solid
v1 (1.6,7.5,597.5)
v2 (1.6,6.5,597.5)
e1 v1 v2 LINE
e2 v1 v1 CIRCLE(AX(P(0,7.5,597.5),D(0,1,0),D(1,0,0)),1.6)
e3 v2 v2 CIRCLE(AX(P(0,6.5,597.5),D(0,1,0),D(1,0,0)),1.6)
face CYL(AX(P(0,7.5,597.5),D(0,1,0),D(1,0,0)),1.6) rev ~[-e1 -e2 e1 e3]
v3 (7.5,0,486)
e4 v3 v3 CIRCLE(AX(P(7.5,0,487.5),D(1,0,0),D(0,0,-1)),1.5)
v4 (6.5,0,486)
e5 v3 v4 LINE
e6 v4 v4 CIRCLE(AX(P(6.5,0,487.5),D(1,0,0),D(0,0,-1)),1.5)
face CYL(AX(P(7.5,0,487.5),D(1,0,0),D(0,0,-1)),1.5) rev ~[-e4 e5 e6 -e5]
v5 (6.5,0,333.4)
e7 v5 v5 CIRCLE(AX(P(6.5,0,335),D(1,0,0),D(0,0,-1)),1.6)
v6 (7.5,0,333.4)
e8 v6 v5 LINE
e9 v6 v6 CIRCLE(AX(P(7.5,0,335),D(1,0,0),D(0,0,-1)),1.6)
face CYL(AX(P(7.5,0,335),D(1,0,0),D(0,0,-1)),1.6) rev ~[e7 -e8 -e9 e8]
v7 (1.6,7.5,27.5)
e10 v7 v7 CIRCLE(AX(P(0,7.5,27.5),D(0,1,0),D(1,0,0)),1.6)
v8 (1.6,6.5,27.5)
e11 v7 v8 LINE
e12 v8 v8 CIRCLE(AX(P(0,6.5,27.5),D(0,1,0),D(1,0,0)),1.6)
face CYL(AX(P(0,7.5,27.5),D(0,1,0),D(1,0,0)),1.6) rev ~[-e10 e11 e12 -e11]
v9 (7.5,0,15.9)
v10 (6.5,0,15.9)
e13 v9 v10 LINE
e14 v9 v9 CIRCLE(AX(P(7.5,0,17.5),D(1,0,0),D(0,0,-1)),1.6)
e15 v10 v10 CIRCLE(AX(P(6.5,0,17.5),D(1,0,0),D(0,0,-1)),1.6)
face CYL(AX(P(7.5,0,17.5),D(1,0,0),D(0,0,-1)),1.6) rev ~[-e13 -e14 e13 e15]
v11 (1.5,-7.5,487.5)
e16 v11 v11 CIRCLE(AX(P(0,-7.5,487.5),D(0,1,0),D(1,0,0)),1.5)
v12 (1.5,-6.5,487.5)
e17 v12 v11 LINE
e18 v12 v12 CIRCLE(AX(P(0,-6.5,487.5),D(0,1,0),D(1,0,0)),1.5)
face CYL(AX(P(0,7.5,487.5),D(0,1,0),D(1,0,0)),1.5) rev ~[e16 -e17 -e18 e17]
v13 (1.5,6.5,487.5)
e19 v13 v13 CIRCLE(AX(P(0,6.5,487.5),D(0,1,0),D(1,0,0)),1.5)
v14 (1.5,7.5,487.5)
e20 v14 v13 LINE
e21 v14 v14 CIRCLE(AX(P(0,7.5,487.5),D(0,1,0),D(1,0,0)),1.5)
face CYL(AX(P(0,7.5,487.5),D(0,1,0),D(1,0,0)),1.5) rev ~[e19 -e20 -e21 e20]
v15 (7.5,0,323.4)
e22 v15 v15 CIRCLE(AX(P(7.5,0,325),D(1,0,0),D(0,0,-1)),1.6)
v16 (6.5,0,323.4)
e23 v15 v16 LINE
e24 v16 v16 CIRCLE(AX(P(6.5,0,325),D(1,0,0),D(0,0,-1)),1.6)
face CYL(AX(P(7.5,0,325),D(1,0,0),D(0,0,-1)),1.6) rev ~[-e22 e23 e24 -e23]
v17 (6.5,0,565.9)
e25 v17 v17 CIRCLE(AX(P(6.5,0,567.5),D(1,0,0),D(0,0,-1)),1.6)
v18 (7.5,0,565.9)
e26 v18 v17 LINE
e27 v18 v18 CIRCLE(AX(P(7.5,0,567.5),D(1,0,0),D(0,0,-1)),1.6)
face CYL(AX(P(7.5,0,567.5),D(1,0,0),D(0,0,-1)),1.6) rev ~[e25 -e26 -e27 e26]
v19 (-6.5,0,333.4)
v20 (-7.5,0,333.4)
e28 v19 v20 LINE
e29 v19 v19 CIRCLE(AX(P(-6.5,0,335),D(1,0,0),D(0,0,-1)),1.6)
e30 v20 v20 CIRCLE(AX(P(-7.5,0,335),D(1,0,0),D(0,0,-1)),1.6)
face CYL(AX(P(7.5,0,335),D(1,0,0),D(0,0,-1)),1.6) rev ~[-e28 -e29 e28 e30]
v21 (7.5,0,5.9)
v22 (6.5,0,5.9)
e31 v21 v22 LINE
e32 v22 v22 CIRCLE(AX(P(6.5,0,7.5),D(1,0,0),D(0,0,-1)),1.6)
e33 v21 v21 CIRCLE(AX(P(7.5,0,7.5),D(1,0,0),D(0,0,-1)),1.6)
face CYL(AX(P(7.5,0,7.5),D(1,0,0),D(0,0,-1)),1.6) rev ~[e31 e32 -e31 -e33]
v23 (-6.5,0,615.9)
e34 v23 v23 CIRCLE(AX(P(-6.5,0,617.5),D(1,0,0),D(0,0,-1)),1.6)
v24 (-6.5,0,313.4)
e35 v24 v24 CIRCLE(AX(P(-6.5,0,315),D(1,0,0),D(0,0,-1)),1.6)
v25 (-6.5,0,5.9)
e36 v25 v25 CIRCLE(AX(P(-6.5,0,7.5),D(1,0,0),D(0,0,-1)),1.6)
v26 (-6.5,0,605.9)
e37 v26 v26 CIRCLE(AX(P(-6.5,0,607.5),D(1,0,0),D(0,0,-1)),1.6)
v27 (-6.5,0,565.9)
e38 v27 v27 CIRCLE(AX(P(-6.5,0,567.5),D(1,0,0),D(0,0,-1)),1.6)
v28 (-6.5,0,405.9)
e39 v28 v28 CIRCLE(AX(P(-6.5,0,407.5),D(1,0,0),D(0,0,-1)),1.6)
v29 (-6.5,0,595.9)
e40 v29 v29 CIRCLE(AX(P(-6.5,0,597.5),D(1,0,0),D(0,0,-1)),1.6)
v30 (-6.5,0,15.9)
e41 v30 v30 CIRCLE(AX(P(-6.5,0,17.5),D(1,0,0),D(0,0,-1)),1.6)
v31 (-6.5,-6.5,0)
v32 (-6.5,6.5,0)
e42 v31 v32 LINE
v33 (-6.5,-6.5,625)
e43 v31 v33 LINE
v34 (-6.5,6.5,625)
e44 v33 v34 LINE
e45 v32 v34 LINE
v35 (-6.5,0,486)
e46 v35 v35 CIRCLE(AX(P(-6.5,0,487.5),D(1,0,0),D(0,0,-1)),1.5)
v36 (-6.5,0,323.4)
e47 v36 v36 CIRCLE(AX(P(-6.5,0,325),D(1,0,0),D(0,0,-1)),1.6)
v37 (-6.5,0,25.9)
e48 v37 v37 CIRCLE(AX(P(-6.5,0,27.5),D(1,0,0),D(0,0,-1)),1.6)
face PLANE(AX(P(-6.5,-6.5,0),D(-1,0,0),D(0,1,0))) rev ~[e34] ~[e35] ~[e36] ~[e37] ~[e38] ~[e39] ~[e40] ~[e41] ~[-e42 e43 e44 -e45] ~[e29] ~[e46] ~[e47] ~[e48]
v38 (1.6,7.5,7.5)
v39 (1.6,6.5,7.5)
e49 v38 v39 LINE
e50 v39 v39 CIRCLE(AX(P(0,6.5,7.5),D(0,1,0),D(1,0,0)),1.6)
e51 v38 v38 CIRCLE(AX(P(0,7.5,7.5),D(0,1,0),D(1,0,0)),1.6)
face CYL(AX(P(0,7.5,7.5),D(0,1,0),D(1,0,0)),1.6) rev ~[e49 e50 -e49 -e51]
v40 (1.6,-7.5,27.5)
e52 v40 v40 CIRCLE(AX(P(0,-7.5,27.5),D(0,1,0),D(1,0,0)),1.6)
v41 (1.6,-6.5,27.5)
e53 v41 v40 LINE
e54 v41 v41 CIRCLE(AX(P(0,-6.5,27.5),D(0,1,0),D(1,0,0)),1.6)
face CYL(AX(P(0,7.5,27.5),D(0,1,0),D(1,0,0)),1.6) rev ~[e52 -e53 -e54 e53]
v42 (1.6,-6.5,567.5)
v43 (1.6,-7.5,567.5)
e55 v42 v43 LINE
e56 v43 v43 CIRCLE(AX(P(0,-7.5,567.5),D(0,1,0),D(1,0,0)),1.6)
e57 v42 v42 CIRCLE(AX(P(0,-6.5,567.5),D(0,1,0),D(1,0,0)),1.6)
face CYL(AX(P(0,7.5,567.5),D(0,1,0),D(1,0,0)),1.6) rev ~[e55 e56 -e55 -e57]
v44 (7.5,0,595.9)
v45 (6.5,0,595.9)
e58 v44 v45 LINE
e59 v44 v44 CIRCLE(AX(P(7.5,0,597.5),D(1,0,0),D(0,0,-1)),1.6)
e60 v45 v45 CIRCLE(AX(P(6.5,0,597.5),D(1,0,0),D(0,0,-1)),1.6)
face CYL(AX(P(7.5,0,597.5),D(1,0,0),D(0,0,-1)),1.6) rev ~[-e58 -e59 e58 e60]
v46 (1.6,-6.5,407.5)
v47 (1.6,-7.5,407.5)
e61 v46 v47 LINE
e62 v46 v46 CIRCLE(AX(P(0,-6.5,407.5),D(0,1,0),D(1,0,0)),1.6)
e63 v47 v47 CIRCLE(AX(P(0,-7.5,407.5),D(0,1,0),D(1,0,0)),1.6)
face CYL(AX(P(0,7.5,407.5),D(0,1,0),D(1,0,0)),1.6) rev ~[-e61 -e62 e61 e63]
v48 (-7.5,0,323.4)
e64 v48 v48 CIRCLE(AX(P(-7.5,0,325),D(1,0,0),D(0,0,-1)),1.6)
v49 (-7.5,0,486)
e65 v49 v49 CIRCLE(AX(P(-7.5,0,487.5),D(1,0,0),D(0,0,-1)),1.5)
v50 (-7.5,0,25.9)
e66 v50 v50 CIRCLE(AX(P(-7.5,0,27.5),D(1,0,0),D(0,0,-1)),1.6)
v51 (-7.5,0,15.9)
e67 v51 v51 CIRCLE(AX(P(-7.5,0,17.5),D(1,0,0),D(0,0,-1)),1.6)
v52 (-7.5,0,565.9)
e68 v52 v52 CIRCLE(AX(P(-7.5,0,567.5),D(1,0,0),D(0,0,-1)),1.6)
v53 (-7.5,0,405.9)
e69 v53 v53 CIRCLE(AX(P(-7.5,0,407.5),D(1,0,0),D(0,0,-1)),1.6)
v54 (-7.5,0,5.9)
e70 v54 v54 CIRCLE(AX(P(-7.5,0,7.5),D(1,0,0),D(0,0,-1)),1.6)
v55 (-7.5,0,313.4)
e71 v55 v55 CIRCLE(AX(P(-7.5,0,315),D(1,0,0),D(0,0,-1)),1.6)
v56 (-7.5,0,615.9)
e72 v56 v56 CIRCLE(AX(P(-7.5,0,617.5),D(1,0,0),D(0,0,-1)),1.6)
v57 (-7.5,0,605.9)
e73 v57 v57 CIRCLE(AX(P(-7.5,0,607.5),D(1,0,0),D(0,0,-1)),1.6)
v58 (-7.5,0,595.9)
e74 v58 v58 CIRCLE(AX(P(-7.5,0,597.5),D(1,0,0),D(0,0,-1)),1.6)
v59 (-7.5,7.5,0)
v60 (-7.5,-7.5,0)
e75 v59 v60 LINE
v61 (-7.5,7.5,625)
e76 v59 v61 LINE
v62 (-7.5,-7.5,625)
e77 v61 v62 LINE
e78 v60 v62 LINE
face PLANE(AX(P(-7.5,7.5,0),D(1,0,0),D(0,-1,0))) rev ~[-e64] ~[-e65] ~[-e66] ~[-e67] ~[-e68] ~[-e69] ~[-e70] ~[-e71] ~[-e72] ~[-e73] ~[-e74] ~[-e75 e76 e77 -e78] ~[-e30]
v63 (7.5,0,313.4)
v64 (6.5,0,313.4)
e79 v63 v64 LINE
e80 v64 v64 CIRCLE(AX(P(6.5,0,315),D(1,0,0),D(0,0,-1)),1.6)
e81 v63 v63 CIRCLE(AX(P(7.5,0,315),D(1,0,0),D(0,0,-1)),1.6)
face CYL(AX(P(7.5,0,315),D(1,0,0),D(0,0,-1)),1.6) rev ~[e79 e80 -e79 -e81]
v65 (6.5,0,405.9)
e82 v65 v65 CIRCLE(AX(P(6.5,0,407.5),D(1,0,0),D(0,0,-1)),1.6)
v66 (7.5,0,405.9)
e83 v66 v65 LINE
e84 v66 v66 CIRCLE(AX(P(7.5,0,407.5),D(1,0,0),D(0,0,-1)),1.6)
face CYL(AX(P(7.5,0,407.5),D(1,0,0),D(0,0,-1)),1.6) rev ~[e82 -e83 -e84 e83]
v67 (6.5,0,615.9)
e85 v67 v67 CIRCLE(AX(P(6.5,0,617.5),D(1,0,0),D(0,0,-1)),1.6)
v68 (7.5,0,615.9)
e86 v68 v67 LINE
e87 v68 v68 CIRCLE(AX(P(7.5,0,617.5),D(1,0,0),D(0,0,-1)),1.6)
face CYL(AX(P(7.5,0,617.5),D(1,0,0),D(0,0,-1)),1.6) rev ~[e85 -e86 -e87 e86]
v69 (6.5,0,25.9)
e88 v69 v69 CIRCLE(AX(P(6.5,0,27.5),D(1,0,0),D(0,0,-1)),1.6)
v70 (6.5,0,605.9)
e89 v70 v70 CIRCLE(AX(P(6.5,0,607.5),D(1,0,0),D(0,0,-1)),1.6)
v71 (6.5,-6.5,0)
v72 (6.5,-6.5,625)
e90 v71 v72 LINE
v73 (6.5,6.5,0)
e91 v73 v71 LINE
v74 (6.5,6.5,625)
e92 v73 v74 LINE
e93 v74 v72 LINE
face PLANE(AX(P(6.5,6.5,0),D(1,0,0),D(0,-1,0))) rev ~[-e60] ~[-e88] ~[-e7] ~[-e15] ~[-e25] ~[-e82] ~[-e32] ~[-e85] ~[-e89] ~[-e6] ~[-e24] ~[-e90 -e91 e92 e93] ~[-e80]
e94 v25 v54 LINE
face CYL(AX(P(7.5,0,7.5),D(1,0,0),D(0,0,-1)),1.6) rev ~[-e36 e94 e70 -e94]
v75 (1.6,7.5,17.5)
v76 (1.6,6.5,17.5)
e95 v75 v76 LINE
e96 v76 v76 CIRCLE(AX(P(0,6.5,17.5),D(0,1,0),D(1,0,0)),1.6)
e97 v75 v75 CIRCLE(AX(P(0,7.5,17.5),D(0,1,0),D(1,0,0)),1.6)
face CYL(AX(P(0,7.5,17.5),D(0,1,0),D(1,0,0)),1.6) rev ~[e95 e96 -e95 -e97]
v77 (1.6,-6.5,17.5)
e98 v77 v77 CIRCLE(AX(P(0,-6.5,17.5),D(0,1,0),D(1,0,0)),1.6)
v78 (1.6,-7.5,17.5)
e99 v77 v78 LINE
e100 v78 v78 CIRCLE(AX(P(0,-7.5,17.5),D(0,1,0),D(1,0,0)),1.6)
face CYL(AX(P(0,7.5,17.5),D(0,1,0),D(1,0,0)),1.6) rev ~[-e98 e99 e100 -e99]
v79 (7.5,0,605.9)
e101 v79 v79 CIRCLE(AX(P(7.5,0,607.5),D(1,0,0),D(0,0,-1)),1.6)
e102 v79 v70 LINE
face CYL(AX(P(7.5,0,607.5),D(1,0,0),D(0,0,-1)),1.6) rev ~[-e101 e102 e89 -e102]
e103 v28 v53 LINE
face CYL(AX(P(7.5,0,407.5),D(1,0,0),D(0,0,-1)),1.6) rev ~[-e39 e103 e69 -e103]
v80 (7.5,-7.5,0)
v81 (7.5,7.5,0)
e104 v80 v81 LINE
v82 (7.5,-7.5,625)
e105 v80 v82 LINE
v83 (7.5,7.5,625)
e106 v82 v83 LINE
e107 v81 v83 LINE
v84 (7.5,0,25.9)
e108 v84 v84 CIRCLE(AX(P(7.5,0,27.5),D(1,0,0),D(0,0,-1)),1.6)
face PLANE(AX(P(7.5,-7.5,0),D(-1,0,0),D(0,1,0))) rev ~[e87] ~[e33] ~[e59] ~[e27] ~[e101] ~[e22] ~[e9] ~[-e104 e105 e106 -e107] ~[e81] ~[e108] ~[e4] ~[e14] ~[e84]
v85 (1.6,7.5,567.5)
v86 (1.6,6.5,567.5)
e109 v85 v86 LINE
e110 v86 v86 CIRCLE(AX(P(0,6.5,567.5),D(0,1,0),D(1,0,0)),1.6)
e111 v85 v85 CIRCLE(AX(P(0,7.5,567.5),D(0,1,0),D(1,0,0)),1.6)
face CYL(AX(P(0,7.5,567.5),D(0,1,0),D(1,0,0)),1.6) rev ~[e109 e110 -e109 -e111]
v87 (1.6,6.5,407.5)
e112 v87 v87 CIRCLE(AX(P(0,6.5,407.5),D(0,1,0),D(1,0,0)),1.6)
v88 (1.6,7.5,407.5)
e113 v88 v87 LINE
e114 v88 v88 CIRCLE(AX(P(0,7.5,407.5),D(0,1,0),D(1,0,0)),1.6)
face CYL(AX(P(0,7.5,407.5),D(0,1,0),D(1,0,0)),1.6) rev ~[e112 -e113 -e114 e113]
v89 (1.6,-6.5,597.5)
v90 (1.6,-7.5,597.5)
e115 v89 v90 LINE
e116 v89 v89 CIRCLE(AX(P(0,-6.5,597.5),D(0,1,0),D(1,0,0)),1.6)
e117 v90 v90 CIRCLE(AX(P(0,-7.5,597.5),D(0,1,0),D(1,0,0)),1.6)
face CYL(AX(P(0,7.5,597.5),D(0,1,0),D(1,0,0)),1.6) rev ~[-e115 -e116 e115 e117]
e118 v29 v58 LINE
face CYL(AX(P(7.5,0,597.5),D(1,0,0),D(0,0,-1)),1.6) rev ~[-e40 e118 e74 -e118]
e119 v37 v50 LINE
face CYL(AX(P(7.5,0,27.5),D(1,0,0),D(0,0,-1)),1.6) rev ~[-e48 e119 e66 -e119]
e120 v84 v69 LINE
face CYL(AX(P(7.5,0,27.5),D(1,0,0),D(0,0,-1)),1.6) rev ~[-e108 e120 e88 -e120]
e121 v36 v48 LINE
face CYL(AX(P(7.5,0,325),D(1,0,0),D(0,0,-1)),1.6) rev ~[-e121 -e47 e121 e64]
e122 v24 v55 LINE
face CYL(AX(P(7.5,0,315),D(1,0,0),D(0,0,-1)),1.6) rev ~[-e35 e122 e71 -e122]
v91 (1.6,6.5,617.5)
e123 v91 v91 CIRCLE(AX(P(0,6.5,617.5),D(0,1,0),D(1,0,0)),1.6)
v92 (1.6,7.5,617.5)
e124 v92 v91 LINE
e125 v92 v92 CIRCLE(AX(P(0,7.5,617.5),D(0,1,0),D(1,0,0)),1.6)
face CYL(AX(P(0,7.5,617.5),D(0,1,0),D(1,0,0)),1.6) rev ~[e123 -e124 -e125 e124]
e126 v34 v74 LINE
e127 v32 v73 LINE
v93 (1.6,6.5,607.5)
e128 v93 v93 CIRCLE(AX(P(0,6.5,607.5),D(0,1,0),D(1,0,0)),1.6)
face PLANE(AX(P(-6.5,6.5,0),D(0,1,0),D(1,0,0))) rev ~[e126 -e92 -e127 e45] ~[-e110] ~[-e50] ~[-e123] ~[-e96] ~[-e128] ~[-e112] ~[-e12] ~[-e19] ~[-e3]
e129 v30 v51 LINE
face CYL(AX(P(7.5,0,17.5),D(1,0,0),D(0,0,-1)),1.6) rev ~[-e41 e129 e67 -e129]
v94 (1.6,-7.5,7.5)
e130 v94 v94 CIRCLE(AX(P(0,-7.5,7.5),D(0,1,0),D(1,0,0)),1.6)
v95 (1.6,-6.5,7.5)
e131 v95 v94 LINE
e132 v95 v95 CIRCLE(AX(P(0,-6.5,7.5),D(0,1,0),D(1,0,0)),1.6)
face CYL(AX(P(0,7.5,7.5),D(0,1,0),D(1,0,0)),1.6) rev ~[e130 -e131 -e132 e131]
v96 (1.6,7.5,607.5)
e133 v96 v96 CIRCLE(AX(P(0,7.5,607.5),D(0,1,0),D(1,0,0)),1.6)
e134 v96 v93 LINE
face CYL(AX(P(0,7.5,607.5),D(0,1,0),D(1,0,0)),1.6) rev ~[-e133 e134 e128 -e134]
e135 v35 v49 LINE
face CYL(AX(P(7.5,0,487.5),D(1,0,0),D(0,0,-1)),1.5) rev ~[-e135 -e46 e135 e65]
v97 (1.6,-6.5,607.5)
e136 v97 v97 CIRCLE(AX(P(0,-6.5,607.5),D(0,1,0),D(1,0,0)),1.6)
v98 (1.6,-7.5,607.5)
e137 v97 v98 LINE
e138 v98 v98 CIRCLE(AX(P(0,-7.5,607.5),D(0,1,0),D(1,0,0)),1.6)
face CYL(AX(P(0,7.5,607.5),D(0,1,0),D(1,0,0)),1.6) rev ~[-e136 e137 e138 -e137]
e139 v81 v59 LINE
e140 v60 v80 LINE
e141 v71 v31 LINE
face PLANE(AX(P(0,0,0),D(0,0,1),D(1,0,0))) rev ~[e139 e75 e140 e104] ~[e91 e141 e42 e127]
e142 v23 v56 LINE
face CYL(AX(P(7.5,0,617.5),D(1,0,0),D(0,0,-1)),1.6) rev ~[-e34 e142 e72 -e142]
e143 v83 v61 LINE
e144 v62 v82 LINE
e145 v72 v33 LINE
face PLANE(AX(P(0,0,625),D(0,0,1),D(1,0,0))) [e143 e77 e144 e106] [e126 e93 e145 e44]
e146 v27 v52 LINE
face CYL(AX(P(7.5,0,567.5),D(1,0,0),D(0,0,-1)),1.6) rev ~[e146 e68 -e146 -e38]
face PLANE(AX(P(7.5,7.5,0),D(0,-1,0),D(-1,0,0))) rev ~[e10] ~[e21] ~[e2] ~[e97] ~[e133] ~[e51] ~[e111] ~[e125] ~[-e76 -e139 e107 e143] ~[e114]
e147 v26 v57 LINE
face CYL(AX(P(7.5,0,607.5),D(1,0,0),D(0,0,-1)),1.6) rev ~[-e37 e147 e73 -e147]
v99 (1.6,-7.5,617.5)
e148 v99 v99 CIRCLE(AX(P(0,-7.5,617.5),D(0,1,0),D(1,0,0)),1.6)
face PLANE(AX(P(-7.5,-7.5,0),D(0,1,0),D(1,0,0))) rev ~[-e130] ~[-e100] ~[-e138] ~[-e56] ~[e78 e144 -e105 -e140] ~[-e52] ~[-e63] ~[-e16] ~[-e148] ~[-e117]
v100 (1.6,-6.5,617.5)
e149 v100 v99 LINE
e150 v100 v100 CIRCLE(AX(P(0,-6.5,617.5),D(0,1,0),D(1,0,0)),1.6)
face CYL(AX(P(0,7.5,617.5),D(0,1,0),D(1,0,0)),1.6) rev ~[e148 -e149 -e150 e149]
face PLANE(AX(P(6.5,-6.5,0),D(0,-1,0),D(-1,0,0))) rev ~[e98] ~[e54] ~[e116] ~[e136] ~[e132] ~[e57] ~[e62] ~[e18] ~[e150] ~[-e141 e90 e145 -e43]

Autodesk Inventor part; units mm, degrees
ref_plane "YZ Plane" through (0, 0, 0) normal (1, 0, 0) x (0, 1, 0)
ref_plane "XZ Plane" through (0, 0, 0) normal (0, 1, 0) x (-1, 0, 0)
ref_plane "XY Plane" through (0, 0, 0) normal (0, 0, 1) x (1, 0, 0)
sketch "スケッチ1" plane through (0, 0, 0) normal (0, 0, 1) x (1, 0, 0)
  line L0 (7.5, 7.5) -> (-7.5, 7.5)
  line L1 (-7.5, 7.5) -> (-7.5, -7.5)
  line L2 (-7.5, -7.5) -> (7.5, -7.5)
  line L3 (7.5, -7.5) -> (7.5, 7.5)
  line L4 (7.5, 7.5) -> (-7.5, -7.5) construction
  line L5 (-7.5, 7.5) -> (7.5, -7.5) construction
  line L6 (-6.5, 6.5) -> (6.5, 6.5)
  line L7 (6.5, 6.5) -> (6.5, -6.5)
  line L8 (6.5, -6.5) -> (-6.5, -6.5)
  line L9 (-6.5, -6.5) -> (-6.5, 6.5)
  point P0 (0, 0)
  dimension "d0" = 15
  dimension "d1" = 15
  dimension "d2" = 1
extrude "押し出し1" add sketch "スケッチ1" along normal blind 625
sketch "スケッチ2" plane through (7.5, -7.5, 0) normal (1, 0, 0) x (0, 0, -1)
  circle A0 centre (-7.5, 7.5) radius 1.6
  circle A1 centre (-17.5, 7.5) radius 1.6
  circle A2 centre (-27.5, 7.5) radius 1.6
  line L0 (0, 0) -> (0, 15) projected
  circle A3 centre (-597.5, 7.5) radius 1.6
  circle A4 centre (-607.5, 7.5) radius 1.6
  circle A5 centre (-617.5, 7.5) radius 1.6
  line L1 (-625, 0) -> (-625, 15) projected
  circle A6 centre (-315, 7.5) radius 1.6
  circle A7 centre (-325, 7.5) radius 1.6
  circle A8 centre (-335, 7.5) radius 1.6
  circle A9 centre (-567.5, 7.5) radius 1.6
  circle A10 centre (-487.5, 7.5) radius 1.5
  circle A11 centre (-407.5, 7.5) radius 1.6
  point P0 (0, 7.5)
  point P1 (0, 7.5)
  point P2 (-625, 7.5)
  dimension "d5" = 3.2
  dimension "d6" = 3.2
  dimension "d7" = 3.2
  dimension "d8" = 7.5
  dimension "d9" = 10
  dimension "d10" = 10
  dimension "d13" = 3.2
  dimension "d14" = 3.2
  dimension "d15" = 3.2
  dimension "d16" = 10
  dimension "d17" = 10
  dimension "d18" = 7.5
  dimension "d40" = 3.2
  dimension "d41" = 3.2
  dimension "d42" = 3.2
  dimension "d43" = 10
  dimension "d44" = 10
  dimension "d45" = 300
  dimension "d52" = 3.2
  dimension "d53" = 3
  dimension "d54" = 3.2
  dimension "d55" = 80
  dimension "d56" = 80
  dimension "d57" = 30
extrude "押し出し2" cut sketch "スケッチ2" against normal through all
sketch "スケッチ3" plane through (-7.5, 7.5, 0) normal (0, 1, 0) x (1, 0, 0)
  circle A0 centre (7.5, -17.5) radius 1.6
  circle A1 centre (7.5, -27.5) radius 1.6
  circle A2 centre (7.5, -597.5) radius 1.6
  circle A3 centre (7.5, -607.5) radius 1.6
  circle A4 centre (7.5, -617.5) radius 1.6
  line L0 (15, 0) -> (0, 0) projected
  circle A5 centre (7.5, -7.5) radius 1.6
  line L1 (15, -625) -> (0, -625) projected
  circle A6 centre (7.5, -407.5) radius 1.6
  circle A7 centre (7.5, -487.5) radius 1.5
  circle A8 centre (7.5, -567.5) radius 1.6
  point P0 (7.5, 0)
  dimension "d22" = 3.2
  dimension "d23" = 3.2
  dimension "d26" = 10
  dimension "d27" = 3.2
  dimension "d28" = 3.2
  dimension "d29" = 3.2
  dimension "d30" = 10
  dimension "d31" = 10
  dimension "d33" = 3.2
  dimension "d34" = 7.5
  dimension "d35" = 10
  dimension "d36" = 7.5
  dimension "d46" = 3.2
  dimension "d47" = 3
  dimension "d48" = 3.2
  dimension "d49" = 80
  dimension "d50" = 80
  dimension "d51" = 30
extrude "押し出し3" cut sketch "スケッチ3" against normal through all
properties part number "オムニ_角柱8" material "アルミニウム 6061"
